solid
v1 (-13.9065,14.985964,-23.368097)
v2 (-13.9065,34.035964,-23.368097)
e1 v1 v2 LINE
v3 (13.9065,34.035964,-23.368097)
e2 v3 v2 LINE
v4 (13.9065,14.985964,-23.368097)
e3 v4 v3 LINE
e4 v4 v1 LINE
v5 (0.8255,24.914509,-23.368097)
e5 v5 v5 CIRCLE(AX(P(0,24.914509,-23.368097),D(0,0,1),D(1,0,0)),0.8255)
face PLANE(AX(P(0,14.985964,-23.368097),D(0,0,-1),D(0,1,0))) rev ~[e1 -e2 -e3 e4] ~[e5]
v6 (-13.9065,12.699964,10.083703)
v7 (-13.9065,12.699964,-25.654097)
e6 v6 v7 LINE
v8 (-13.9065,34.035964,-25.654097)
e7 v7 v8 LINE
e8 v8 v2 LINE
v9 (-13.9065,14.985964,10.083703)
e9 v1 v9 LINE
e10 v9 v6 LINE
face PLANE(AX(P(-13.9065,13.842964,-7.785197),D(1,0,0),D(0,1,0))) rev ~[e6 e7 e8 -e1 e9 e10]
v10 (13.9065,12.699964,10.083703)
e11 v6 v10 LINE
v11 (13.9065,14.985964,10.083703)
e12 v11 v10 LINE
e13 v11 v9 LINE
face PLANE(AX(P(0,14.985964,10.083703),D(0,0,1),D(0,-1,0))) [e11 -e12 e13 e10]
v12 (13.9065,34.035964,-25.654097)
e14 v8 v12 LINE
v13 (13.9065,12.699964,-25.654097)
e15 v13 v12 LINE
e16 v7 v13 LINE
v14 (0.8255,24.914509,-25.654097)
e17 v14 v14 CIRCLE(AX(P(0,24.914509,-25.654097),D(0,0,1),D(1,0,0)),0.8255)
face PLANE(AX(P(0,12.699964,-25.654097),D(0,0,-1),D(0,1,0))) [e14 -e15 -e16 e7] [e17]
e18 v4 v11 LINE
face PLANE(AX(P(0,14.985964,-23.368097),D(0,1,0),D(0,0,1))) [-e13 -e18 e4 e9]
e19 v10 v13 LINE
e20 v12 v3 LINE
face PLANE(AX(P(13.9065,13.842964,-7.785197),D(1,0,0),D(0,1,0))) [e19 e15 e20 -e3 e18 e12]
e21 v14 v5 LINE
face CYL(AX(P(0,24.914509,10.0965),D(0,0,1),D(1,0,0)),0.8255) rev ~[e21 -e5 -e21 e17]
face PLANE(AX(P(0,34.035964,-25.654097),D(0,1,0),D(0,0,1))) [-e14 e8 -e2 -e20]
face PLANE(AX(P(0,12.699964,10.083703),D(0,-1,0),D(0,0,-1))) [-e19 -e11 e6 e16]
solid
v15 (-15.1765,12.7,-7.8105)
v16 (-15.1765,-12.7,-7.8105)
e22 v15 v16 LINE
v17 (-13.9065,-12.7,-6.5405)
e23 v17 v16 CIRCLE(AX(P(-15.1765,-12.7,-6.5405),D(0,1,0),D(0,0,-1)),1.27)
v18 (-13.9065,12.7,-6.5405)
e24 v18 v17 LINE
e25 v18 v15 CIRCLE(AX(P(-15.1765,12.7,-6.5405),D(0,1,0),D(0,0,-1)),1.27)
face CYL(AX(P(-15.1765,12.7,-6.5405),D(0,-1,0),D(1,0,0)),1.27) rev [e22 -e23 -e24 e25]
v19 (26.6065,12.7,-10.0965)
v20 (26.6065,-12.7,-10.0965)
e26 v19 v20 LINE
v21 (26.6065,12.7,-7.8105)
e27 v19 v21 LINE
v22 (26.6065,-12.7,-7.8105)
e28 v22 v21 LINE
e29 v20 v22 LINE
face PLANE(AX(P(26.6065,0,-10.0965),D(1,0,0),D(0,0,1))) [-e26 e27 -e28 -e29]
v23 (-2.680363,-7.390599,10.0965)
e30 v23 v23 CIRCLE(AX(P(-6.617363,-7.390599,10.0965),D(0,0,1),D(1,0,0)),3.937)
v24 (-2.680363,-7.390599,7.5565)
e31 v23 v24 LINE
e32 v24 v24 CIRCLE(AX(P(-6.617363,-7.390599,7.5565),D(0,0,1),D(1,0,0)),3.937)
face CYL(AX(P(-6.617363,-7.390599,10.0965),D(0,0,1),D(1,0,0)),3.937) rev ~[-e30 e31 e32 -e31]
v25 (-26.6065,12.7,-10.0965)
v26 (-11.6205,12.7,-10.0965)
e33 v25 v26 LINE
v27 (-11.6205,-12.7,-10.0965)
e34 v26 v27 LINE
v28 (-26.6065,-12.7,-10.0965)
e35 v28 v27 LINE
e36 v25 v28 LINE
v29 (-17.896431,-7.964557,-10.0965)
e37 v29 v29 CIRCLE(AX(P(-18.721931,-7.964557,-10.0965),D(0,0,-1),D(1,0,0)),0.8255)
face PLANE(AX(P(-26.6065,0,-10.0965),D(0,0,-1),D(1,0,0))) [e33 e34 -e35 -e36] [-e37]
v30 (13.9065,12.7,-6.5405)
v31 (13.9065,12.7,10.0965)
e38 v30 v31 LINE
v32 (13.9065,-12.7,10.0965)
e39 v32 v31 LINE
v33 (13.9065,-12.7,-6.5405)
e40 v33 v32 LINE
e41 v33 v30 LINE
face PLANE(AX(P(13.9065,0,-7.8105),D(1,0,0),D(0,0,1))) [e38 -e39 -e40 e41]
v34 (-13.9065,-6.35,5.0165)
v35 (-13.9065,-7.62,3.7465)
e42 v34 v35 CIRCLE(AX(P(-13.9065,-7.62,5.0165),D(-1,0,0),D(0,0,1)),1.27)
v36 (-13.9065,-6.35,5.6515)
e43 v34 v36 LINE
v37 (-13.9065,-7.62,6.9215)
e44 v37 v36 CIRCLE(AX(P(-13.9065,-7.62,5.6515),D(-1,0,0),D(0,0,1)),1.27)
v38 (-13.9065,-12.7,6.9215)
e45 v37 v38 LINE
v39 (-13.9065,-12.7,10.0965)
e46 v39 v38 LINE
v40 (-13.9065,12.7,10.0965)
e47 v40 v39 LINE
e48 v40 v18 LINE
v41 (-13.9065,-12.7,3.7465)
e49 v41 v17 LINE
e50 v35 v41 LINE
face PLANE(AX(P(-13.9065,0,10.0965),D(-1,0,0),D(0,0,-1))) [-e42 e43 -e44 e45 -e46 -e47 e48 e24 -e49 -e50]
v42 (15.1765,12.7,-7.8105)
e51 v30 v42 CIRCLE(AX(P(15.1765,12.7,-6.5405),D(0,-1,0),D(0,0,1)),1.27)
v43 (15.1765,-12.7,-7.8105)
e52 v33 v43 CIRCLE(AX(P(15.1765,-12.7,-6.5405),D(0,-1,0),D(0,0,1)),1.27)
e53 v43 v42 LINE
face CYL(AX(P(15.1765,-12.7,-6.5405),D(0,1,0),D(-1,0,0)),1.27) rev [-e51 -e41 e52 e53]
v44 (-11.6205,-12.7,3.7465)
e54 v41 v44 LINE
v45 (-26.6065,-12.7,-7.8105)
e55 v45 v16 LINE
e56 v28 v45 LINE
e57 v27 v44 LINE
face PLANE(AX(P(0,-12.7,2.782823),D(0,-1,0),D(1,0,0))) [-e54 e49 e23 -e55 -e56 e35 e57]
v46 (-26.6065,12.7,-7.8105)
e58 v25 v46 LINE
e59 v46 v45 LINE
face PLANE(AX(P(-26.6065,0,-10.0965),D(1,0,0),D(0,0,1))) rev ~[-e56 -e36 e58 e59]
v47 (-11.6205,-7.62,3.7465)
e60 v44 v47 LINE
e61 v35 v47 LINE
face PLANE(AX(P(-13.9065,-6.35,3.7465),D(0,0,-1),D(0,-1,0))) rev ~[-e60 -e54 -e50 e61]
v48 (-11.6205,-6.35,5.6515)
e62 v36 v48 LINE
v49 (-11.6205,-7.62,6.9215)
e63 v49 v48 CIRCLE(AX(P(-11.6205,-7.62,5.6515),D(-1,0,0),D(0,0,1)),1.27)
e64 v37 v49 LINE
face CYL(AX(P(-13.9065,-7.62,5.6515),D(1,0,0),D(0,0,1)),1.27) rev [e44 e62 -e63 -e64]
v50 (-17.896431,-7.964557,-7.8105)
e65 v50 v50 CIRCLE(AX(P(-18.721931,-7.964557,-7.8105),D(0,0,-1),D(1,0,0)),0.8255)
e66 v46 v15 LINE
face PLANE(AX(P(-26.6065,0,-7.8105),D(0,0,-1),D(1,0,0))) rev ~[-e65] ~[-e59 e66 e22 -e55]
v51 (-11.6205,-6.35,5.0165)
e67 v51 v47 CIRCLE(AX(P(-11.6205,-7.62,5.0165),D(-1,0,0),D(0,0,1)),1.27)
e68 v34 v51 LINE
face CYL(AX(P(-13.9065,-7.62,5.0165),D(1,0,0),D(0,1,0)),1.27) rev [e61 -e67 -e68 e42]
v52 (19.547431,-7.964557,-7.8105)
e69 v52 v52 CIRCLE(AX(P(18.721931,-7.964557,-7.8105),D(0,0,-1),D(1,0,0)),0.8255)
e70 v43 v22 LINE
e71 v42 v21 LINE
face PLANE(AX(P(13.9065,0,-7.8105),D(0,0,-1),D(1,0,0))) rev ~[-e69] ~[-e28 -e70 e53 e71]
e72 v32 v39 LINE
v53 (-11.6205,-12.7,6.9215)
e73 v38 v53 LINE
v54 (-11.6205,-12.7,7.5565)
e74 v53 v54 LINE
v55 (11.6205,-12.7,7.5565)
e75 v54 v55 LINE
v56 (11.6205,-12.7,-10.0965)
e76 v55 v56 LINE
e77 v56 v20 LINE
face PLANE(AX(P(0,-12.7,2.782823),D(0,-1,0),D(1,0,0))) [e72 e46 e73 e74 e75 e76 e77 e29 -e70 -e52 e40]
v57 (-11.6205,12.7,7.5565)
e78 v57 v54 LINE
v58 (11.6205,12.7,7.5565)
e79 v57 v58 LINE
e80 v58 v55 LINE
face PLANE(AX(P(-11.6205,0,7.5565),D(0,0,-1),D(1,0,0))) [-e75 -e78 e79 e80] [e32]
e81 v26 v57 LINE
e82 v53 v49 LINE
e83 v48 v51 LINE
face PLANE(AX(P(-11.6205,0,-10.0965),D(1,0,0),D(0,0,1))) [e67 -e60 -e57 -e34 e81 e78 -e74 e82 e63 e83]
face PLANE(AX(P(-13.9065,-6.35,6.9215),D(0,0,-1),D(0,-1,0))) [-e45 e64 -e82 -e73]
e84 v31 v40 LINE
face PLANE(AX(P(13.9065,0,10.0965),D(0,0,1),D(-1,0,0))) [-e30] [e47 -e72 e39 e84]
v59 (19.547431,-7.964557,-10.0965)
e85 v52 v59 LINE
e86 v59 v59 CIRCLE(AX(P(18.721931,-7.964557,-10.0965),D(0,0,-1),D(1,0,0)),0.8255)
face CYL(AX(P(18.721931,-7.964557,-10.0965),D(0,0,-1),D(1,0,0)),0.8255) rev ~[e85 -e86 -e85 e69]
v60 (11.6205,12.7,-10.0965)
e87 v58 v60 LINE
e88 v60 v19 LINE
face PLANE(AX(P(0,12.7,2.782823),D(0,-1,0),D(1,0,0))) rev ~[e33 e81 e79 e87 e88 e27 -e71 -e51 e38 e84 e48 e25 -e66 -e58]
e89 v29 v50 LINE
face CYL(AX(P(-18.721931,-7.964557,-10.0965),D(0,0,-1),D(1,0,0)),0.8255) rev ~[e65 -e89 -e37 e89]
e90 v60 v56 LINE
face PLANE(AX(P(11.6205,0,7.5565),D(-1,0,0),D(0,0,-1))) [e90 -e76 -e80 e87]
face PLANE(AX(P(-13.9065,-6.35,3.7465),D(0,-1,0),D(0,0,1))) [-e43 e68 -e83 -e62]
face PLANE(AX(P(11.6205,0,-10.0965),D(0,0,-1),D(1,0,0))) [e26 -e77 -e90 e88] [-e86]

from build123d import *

# Parameters (mm, degrees)
F0_W     = 12.7
F0_H     = 2.286
F1_DEPTH = 12.7
F2_W     = 19.05
F2_H     = 2.286
F3_DEPTH = 13.9065
F5_R     = 3.937
F5_R_2   = 0.8255
F6_DEPTH = 63.5
F4_R     = 0.8255
F7_DEPTH = 63.5
F8_W     = 6.35
F8_H     = 3.175
F9_DEPTH = 25.4
F10_R    = 1.27


with BuildPart() as f1:
    # F0 (on Front) → F1 (new body, symmetric)
    with BuildSketch(Plane.XZ):
        Polygon((13.9065, -7.8105), (13.9065, 10.0965), (-13.9065, 10.0965), (-13.9065, -7.8105), (-13.9065, -10.0965), (-11.6205, -10.0965), (-11.6205, 7.5565), (11.6205, 7.5565), (11.6205, -10.0965), (13.9065, -10.0965), align=None)
        with Locations((-20.2565, -8.9535)):
            Rectangle(F0_W, F0_H)
        with Locations((20.2565, -8.9535)):
            Rectangle(F0_W, F0_H)
    extrude(amount=F1_DEPTH, both=True)


with BuildPart() as f3:
    # F2 (on Right) → F3 (new body, symmetric)
    with BuildSketch(Plane.YZ):
        Polygon((14.985964, 10.083703), (12.699964, 10.083703), (12.699964, -25.654097), (14.985964, -25.654097), (14.985964, -23.368097), align=None)
        with Locations((24.510964, -24.511097)):
            Rectangle(F2_W, F2_H)
    extrude(amount=F3_DEPTH, both=True)


with BuildPart() as f6_tool:
    # F5 (on face) → F6 (new body, symmetric)
    with BuildSketch(Plane.XY.offset(10.0965)):
        with Locations((-6.617363, -7.390599)):
            Circle(F5_R)
        with Locations((0, 24.914509)):
            Circle(F5_R_2)
    extrude(amount=F6_DEPTH, both=True)


with BuildPart() as f1_1:
    add(f1.part)

    # F6: cut by f6_tool
    add(f6_tool.part, mode=Mode.SUBTRACT)

    # F4 (on face) → F7 (cut, symmetric)
    with BuildSketch(Plane(origin=(0, 0, -10.0965), x_dir=(1, 0, 0), z_dir=(0, 0, -1))):
        with Locations((-18.721931, 7.964557)):
            Circle(F4_R)
        with Locations((18.721931, 7.964557)):
            Circle(F4_R)
    extrude(amount=F7_DEPTH, both=True, mode=Mode.SUBTRACT)

    # F8 (on face) → F9 (cut)
    with BuildSketch(Plane(origin=(-13.9065, 0, 0), x_dir=(0, -1, 0), z_dir=(-1, 0, 0))):
        with Locations((9.525, 5.334)):
            Rectangle(F8_W, F8_H)
    extrude(amount=-F9_DEPTH, mode=Mode.SUBTRACT)

    # F10
    f10_edges = [f1_1.edges().sort_by_distance(p)[0] for p in [
        (-12.7635, -6.35, 3.7465),
        (-12.7635, -6.35, 6.9215),
        (-13.9065, 0, -7.8105),
        (13.9065, 0, -7.8105),
    ]]
    fillet(f10_edges, radius=F10_R)


with BuildPart() as f3_1:
    add(f3.part)

    # F6: cut by f6_tool
    add(f6_tool.part, mode=Mode.SUBTRACT)


solid = Compound([f1_1.part, f3_1.part])
